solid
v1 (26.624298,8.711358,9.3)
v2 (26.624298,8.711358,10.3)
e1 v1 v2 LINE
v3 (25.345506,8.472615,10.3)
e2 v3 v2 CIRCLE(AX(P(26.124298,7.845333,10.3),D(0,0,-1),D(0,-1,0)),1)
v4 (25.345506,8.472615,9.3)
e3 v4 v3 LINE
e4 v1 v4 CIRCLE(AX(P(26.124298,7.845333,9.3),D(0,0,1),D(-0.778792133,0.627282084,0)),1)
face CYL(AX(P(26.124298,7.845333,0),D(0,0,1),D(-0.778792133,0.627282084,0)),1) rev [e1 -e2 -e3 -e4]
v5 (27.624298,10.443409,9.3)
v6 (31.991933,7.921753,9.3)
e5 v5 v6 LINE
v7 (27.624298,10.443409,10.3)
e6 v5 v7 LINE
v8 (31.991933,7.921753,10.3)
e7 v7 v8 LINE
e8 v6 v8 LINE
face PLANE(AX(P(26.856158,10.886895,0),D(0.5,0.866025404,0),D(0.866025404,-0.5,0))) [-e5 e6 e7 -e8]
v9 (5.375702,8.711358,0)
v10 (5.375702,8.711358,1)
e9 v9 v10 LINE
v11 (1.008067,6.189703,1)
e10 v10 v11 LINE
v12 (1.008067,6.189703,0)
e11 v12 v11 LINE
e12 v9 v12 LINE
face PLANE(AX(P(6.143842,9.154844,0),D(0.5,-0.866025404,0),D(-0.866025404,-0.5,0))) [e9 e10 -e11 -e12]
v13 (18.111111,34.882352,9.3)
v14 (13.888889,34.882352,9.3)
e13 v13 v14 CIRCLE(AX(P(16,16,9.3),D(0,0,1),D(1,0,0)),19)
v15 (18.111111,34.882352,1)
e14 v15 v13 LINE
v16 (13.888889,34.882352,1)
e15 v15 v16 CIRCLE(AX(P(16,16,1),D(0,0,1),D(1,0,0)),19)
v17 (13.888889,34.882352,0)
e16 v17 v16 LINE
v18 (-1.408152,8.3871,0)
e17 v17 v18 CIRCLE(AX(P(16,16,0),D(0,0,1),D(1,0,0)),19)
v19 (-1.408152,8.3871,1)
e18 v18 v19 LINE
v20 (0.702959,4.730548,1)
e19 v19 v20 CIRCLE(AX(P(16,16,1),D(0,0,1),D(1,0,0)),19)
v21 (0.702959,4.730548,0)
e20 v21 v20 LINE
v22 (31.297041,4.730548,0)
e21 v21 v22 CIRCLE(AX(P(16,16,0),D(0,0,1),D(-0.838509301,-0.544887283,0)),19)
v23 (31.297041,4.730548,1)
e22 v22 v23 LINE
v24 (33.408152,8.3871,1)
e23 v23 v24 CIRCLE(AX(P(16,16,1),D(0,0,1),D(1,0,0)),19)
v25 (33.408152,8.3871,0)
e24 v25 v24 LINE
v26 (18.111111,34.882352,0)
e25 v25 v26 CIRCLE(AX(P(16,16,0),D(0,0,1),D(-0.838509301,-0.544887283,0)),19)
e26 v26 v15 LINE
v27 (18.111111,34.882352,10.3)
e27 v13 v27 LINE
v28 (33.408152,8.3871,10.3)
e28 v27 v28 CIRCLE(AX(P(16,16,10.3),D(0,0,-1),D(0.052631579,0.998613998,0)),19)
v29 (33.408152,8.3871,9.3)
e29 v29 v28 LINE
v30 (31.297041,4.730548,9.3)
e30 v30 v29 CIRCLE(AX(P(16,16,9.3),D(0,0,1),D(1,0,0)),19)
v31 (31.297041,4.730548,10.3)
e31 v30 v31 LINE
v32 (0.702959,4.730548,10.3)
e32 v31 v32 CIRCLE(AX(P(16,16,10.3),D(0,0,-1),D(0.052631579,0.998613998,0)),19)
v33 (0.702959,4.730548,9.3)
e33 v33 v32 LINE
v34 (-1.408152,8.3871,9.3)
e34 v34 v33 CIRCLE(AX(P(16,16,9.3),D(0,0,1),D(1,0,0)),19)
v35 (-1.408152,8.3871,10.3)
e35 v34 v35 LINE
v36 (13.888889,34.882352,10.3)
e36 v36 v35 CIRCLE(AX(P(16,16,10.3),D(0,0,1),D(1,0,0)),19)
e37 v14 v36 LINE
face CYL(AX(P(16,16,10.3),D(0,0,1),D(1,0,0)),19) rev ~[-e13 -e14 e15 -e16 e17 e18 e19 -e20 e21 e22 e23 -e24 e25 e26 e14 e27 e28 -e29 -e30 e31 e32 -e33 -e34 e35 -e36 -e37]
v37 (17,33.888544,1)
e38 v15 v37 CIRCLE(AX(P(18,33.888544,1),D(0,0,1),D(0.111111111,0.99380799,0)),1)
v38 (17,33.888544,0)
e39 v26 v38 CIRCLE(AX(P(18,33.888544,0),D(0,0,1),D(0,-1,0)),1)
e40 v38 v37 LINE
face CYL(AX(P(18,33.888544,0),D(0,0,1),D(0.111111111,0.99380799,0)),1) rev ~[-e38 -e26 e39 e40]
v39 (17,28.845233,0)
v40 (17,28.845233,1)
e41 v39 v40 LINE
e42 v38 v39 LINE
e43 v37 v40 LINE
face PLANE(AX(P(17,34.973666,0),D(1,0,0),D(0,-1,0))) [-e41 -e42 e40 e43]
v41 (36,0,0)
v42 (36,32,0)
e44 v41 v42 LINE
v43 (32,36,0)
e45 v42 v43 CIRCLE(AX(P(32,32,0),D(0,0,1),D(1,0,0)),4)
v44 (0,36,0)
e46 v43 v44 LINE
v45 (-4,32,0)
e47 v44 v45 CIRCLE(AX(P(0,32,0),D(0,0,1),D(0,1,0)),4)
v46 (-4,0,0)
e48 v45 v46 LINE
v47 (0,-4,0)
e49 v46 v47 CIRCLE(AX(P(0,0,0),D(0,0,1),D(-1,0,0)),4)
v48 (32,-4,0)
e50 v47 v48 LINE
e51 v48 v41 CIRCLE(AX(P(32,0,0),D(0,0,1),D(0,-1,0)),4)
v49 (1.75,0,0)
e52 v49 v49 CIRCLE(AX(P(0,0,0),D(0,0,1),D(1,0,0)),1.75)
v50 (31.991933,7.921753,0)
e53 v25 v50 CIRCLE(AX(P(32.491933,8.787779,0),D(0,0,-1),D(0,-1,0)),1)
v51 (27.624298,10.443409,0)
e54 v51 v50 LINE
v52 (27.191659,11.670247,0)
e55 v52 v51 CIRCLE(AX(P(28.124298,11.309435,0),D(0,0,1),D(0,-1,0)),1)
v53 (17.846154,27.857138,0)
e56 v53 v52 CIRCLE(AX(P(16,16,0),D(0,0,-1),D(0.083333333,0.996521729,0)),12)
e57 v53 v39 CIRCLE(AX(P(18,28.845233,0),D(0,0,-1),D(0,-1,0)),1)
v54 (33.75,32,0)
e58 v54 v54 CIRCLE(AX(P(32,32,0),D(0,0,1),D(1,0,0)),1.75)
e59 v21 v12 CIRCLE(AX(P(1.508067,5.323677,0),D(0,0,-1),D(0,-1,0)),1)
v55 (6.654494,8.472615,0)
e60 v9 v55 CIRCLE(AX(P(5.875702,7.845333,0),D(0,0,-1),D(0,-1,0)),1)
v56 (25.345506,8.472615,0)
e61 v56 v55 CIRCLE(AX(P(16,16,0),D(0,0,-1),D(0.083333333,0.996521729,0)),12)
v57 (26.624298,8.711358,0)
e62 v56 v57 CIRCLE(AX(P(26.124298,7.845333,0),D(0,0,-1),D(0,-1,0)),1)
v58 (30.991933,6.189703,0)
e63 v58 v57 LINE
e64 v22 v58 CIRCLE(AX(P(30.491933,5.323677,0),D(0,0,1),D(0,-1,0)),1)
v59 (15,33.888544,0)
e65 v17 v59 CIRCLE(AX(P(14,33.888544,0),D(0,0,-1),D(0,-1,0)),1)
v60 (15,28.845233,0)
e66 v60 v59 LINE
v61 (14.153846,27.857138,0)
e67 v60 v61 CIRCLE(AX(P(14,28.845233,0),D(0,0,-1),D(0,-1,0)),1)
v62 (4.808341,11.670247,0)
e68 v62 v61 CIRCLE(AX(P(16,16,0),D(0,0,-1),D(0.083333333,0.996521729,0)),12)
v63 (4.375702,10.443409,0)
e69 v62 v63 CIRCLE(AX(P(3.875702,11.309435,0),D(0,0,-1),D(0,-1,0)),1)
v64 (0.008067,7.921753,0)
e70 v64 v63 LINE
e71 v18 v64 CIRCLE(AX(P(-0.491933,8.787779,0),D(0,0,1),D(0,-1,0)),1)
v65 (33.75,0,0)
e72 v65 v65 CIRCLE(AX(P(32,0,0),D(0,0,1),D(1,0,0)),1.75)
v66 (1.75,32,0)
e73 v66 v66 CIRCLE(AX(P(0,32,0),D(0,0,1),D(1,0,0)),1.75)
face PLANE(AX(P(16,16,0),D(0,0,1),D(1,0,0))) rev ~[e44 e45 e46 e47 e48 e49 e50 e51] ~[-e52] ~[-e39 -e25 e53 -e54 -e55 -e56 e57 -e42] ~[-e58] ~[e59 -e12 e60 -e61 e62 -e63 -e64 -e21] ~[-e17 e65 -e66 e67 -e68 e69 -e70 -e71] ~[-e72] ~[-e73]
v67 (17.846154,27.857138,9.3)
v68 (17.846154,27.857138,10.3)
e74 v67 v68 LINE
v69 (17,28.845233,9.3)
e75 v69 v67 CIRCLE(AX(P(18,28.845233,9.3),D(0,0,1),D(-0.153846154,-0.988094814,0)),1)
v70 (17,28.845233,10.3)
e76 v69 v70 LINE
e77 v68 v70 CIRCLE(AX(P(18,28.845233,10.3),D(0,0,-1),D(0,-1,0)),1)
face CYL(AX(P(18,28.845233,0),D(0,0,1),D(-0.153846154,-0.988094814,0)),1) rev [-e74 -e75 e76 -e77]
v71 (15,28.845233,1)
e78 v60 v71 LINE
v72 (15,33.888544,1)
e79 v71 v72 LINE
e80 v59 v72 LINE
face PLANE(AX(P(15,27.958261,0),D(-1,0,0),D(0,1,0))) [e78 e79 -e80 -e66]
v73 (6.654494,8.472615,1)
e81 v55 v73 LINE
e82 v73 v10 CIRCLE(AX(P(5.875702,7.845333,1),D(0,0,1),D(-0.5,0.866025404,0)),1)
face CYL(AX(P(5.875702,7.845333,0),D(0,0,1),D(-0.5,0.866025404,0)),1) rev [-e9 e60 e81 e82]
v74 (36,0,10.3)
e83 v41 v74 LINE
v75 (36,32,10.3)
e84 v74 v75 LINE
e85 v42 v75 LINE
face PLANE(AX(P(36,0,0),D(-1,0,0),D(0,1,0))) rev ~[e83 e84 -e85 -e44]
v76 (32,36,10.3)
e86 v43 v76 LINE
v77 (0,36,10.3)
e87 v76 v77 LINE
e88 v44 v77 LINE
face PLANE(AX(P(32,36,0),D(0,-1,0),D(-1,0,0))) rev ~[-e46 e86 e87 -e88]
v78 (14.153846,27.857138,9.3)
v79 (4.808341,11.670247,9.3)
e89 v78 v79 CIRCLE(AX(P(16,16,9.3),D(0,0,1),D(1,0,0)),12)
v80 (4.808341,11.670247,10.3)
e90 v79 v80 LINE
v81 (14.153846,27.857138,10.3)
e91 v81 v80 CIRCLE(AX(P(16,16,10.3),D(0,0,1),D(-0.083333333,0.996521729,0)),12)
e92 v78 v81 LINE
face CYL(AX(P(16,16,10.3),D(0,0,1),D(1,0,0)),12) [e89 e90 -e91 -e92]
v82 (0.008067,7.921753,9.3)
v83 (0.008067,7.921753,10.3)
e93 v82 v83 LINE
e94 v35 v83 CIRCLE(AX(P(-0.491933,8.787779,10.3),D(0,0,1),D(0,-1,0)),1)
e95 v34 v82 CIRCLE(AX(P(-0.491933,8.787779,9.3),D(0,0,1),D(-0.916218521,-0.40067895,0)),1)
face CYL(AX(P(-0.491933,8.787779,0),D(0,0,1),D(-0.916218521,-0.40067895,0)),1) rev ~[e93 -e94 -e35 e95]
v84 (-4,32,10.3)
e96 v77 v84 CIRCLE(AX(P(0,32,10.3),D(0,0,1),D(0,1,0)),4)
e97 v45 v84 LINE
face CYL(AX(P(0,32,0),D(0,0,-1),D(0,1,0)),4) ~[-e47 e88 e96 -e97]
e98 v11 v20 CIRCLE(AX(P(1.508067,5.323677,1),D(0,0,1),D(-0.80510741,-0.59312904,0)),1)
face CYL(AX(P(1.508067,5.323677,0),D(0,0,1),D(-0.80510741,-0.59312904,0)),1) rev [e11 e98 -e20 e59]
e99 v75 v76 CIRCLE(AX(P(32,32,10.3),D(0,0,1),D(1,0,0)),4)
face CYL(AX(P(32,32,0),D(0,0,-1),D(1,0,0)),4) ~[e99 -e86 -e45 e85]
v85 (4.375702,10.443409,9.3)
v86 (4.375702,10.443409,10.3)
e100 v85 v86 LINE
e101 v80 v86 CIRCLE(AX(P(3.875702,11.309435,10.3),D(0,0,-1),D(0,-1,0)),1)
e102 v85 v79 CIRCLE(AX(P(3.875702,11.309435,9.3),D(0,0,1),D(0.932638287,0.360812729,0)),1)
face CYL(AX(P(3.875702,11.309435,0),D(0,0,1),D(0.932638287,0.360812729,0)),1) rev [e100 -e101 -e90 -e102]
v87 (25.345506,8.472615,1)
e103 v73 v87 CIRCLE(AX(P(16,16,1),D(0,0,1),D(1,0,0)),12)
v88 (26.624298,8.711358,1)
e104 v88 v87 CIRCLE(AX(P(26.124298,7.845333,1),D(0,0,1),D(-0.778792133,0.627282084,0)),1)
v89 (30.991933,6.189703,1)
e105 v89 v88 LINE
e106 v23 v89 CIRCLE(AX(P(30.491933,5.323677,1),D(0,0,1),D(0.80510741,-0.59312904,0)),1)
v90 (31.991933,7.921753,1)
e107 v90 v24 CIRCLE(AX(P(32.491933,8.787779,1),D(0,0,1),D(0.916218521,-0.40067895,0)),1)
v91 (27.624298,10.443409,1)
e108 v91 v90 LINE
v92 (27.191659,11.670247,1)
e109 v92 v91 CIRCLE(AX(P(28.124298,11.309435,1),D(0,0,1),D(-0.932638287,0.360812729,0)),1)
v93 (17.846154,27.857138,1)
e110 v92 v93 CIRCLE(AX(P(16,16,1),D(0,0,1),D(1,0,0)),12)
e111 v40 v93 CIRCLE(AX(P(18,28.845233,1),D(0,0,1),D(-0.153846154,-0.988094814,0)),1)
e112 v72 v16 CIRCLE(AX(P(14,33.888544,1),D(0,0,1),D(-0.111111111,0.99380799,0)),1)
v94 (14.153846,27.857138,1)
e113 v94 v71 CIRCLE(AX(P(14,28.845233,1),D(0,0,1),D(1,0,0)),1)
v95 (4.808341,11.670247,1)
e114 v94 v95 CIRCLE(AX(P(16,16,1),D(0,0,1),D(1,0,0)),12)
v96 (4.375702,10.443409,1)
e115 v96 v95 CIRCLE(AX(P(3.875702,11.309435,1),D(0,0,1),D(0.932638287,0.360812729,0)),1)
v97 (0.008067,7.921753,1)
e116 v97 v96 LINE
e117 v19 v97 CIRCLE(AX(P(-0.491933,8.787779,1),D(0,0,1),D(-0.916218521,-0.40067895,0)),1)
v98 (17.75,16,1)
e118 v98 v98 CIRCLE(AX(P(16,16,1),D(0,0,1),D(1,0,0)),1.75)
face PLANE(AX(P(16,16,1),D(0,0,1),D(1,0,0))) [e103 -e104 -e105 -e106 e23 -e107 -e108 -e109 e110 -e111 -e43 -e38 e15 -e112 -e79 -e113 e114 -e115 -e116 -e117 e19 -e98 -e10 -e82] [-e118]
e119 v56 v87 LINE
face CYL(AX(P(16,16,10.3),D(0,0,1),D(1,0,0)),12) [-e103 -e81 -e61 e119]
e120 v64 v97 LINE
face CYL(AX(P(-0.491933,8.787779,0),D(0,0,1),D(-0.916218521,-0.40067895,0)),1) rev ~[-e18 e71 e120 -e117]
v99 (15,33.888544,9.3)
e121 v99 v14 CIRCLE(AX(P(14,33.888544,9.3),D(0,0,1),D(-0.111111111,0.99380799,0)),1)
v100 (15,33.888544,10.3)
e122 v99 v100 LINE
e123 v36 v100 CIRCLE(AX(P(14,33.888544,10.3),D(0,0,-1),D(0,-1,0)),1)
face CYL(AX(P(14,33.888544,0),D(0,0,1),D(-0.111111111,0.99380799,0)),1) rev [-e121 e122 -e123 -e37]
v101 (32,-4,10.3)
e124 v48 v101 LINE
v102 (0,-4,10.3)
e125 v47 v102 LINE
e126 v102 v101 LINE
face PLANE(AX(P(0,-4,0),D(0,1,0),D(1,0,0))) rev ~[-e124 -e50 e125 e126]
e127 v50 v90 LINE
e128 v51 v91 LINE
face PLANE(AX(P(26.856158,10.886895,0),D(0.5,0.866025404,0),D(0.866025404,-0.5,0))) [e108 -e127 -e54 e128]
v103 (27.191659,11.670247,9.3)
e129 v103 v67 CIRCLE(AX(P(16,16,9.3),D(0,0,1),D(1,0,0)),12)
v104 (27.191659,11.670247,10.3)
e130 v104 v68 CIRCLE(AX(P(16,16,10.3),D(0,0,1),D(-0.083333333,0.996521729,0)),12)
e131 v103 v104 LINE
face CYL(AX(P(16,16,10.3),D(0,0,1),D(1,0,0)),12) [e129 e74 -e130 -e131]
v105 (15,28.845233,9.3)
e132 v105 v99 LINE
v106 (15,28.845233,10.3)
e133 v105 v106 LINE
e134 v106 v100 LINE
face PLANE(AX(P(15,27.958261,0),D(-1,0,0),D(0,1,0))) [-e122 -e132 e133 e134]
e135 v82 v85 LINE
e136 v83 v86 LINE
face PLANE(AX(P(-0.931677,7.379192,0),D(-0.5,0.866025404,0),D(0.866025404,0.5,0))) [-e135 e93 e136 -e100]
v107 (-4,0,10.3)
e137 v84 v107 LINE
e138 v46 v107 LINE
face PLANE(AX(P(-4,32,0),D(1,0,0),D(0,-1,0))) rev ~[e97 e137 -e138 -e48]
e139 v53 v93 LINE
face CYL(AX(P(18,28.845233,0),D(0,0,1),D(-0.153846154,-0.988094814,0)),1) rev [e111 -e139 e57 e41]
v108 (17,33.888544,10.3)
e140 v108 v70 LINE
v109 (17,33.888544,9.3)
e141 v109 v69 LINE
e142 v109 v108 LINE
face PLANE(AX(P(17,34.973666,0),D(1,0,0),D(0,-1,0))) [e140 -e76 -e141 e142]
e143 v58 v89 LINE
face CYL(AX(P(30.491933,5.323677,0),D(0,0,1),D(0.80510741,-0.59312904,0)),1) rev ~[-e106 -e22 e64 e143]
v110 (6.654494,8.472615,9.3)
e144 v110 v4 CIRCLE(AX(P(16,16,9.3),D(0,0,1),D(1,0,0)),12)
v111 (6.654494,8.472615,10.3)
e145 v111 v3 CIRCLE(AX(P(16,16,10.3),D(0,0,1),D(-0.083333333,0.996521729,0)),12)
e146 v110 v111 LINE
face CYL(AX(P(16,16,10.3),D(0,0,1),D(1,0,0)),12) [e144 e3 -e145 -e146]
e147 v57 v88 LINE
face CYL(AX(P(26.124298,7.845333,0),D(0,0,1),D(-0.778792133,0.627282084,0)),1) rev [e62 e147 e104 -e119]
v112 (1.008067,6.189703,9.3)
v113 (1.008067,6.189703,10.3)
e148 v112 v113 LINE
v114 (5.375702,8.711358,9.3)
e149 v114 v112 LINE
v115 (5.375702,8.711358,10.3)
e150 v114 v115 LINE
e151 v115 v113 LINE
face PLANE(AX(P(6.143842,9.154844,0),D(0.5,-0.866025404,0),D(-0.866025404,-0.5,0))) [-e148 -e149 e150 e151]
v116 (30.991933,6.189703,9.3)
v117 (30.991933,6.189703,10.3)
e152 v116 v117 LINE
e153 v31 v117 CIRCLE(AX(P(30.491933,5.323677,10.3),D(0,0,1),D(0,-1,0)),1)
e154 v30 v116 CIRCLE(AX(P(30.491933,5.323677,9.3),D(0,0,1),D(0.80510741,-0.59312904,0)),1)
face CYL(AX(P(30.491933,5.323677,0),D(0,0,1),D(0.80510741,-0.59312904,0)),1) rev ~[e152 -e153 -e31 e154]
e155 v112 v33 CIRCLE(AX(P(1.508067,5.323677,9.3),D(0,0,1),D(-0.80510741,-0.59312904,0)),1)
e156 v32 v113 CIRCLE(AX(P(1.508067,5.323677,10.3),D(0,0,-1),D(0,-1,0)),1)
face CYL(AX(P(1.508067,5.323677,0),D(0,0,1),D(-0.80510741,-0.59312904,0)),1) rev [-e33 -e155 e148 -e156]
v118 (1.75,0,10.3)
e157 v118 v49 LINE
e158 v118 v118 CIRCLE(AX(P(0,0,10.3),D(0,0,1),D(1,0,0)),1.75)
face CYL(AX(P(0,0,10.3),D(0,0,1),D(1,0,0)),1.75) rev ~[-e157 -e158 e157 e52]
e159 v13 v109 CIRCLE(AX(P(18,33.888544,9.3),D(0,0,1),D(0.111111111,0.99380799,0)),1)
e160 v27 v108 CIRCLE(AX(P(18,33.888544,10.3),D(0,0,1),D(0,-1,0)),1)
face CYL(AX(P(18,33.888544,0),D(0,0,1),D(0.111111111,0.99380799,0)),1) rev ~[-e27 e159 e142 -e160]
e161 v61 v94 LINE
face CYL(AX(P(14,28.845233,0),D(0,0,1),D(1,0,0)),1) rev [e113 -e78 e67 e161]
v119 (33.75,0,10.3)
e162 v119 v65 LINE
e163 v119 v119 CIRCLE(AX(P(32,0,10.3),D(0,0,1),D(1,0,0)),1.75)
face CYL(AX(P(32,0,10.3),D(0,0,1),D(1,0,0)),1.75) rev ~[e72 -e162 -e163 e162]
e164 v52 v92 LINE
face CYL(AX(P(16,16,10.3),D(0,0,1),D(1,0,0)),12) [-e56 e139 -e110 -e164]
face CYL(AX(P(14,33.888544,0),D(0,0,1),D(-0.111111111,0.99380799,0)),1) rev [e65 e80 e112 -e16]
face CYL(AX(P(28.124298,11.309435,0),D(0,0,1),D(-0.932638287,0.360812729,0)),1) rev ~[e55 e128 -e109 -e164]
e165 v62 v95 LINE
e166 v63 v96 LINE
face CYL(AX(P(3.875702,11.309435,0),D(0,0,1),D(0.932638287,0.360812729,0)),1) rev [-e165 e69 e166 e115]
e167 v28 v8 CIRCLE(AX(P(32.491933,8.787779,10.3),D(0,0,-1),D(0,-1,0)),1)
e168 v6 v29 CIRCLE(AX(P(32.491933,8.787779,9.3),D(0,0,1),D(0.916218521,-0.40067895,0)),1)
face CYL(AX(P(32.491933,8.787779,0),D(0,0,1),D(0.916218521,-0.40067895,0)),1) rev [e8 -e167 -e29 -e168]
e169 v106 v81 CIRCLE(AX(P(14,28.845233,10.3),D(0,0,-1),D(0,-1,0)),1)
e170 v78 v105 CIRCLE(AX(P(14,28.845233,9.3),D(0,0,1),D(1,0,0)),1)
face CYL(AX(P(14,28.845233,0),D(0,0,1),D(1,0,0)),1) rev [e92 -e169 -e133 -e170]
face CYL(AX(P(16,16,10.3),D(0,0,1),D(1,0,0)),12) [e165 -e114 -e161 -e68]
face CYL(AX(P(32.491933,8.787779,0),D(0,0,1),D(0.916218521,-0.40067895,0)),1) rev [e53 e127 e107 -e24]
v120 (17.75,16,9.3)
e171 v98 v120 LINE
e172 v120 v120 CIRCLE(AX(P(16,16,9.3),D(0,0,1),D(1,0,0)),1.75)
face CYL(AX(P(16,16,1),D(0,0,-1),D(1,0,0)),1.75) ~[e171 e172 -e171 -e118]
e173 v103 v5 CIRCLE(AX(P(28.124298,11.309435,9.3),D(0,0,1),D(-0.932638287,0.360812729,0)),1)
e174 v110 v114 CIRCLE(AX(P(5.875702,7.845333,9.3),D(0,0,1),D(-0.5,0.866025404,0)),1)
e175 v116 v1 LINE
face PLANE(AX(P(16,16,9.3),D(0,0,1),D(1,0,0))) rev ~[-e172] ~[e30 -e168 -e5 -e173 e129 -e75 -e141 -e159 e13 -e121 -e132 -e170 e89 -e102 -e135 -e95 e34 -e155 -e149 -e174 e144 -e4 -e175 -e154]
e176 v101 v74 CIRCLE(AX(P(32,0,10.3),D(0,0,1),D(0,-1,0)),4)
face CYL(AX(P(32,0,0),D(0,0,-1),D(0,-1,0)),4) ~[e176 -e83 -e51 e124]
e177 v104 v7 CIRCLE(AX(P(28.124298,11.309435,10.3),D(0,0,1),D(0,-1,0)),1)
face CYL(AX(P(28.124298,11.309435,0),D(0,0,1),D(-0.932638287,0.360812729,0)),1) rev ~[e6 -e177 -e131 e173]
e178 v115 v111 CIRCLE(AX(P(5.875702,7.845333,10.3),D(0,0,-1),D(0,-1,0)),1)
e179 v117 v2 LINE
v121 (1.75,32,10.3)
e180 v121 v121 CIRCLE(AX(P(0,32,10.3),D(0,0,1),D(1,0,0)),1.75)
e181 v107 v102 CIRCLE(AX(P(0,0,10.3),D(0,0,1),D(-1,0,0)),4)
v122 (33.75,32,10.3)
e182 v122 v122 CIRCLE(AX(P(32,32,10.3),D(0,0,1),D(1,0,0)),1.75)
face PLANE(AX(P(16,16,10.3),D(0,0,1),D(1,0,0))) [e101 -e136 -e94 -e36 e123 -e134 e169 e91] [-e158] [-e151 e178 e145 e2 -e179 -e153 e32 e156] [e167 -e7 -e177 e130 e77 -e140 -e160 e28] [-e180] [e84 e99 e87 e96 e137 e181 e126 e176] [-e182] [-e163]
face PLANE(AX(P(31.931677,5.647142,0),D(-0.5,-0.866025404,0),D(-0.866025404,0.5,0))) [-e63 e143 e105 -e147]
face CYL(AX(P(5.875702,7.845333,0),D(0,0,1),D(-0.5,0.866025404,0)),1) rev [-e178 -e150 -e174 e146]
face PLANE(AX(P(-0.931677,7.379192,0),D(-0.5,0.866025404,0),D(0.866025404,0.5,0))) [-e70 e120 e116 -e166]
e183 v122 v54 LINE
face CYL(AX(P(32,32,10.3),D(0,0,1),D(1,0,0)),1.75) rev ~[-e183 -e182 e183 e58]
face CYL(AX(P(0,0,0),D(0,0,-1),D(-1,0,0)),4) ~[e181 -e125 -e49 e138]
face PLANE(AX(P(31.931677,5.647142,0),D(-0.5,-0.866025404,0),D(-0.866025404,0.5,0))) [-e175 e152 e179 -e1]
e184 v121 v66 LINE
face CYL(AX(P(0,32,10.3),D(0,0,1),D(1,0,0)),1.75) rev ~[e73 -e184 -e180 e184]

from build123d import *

# Parameters (mm, degrees)
BOSS_EXTRUDE1_DEPTH = 10.3
SKETCH2_R           = 1.75
CUT_EXTRUDE1_DEPTH  = 11.3
SKETCH3_R           = 19
SKETCH3_R_2         = 12
CUT_EXTRUDE2_DEPTH  = 11.3
BOSS_EXTRUDE2_DEPTH = 10.3
CIRPATTERN1_COUNT   = 3
FILLET2_R           = 1
CUT_EXTRUDE3_START  = 1
SKETCH5_R           = 19
CUT_EXTRUDE3_DEPTH  = 8.3
SKETCH6_R           = 1.75
BOSS_EXTRUDE3_DEPTH = 8.3


with BuildPart() as part:
    # Sketch1 → Boss-Extrude1 (new body)
    with BuildSketch(Plane.XY):
        with BuildLine():
            Line((0, -4), (32, -4))
            ThreePointArc((32, -4), (34.828427125, -2.828427125), (36, 0))
            Line((36, 0), (36, 32))
            ThreePointArc((36, 32), (34.828427125, 34.828427125), (32, 36))
            Line((32, 36), (0, 36))
            ThreePointArc((0, 36), (-2.828427125, 34.828427125), (-4, 32))
            Line((-4, 32), (-4, 0))
            ThreePointArc((-4, 0), (-2.828427125, -2.828427125), (0, -4))
        make_face()
    extrude(amount=BOSS_EXTRUDE1_DEPTH)

    # Sketch2 → Cut-Extrude1 (cut, through all)
    with BuildSketch(Plane.XY.offset(10.3)):
        Circle(SKETCH2_R)
        with Locations((0, 32)):
            Circle(SKETCH2_R)
        with Locations((32, 0)):
            Circle(SKETCH2_R)
        with Locations((32, 32)):
            Circle(SKETCH2_R)
    extrude(amount=-CUT_EXTRUDE1_DEPTH, mode=Mode.SUBTRACT)

    # Sketch3 → Cut-Extrude2 (cut, through all)
    with BuildSketch(Plane.XY.offset(10.3)):
        with Locations((16, 16)):
            Circle(SKETCH3_R)
        with Locations((16, 16)):
            Circle(SKETCH3_R_2, mode=Mode.SUBTRACT)
    extrude(amount=-CUT_EXTRUDE2_DEPTH, mode=Mode.SUBTRACT)

    # Sketch4 → Boss-Extrude2 (add)
    with BuildSketch(Plane.XY):
        with BuildLine():
            Line((15, 27.958260743), (15, 34.973665961))
            ThreePointArc((15, 34.973665961), (16, 35), (17, 34.973665961))
            Line((17, 34.973665961), (17, 27.958260743))
            ThreePointArc((17, 27.958260743), (16, 28), (15, 27.958260743))
        make_face()
    boss_extrude2 = extrude(amount=BOSS_EXTRUDE2_DEPTH)

    # CirPattern1: Boss-Extrude2 ×3 about axis
    cirpattern1_axis = Axis((16, 16, 0), (0, 0, 1))
    for i in range(1, CIRPATTERN1_COUNT):
        add(boss_extrude2.rotate(cirpattern1_axis, i * 360 / CIRPATTERN1_COUNT))

    # Fillet2
    fillet2_edges = [part.edges().sort_by_distance(p)[0] for p in [
        (15, 27.958260743, 5.15),
        (17, 27.958260743, 5.15),
        (17, 34.973665961, 5.15),
        (15, 34.973665961, 5.15),
        (6.143842411, 9.154844225, 5.15),
        (5.143842411, 10.886895032, 5.15),
        (-0.931676725, 7.379192423, 5.15),
        (0.068323275, 5.647141616, 5.15),
        (26.856157589, 10.886895032, 5.15),
        (25.856157589, 9.154844225, 5.15),
        (31.931676725, 5.647141616, 5.15),
        (32.931676725, 7.379192423, 5.15),
    ]]
    fillet(fillet2_edges, radius=FILLET2_R)

    # Sketch5 → Cut-Extrude3 (cut)
    with BuildSketch(Plane.XY.offset(CUT_EXTRUDE3_START)):
        with Locations((16, 16)):
            Circle(SKETCH5_R)
    extrude(amount=CUT_EXTRUDE3_DEPTH, mode=Mode.SUBTRACT)

    # Sketch6 → Boss-Extrude3 (add)
    with BuildSketch(Plane.XY.offset(1)):
        with Locations((16, 16)):
            Circle(SKETCH6_R)
    extrude(amount=BOSS_EXTRUDE3_DEPTH)


solid = part.part
